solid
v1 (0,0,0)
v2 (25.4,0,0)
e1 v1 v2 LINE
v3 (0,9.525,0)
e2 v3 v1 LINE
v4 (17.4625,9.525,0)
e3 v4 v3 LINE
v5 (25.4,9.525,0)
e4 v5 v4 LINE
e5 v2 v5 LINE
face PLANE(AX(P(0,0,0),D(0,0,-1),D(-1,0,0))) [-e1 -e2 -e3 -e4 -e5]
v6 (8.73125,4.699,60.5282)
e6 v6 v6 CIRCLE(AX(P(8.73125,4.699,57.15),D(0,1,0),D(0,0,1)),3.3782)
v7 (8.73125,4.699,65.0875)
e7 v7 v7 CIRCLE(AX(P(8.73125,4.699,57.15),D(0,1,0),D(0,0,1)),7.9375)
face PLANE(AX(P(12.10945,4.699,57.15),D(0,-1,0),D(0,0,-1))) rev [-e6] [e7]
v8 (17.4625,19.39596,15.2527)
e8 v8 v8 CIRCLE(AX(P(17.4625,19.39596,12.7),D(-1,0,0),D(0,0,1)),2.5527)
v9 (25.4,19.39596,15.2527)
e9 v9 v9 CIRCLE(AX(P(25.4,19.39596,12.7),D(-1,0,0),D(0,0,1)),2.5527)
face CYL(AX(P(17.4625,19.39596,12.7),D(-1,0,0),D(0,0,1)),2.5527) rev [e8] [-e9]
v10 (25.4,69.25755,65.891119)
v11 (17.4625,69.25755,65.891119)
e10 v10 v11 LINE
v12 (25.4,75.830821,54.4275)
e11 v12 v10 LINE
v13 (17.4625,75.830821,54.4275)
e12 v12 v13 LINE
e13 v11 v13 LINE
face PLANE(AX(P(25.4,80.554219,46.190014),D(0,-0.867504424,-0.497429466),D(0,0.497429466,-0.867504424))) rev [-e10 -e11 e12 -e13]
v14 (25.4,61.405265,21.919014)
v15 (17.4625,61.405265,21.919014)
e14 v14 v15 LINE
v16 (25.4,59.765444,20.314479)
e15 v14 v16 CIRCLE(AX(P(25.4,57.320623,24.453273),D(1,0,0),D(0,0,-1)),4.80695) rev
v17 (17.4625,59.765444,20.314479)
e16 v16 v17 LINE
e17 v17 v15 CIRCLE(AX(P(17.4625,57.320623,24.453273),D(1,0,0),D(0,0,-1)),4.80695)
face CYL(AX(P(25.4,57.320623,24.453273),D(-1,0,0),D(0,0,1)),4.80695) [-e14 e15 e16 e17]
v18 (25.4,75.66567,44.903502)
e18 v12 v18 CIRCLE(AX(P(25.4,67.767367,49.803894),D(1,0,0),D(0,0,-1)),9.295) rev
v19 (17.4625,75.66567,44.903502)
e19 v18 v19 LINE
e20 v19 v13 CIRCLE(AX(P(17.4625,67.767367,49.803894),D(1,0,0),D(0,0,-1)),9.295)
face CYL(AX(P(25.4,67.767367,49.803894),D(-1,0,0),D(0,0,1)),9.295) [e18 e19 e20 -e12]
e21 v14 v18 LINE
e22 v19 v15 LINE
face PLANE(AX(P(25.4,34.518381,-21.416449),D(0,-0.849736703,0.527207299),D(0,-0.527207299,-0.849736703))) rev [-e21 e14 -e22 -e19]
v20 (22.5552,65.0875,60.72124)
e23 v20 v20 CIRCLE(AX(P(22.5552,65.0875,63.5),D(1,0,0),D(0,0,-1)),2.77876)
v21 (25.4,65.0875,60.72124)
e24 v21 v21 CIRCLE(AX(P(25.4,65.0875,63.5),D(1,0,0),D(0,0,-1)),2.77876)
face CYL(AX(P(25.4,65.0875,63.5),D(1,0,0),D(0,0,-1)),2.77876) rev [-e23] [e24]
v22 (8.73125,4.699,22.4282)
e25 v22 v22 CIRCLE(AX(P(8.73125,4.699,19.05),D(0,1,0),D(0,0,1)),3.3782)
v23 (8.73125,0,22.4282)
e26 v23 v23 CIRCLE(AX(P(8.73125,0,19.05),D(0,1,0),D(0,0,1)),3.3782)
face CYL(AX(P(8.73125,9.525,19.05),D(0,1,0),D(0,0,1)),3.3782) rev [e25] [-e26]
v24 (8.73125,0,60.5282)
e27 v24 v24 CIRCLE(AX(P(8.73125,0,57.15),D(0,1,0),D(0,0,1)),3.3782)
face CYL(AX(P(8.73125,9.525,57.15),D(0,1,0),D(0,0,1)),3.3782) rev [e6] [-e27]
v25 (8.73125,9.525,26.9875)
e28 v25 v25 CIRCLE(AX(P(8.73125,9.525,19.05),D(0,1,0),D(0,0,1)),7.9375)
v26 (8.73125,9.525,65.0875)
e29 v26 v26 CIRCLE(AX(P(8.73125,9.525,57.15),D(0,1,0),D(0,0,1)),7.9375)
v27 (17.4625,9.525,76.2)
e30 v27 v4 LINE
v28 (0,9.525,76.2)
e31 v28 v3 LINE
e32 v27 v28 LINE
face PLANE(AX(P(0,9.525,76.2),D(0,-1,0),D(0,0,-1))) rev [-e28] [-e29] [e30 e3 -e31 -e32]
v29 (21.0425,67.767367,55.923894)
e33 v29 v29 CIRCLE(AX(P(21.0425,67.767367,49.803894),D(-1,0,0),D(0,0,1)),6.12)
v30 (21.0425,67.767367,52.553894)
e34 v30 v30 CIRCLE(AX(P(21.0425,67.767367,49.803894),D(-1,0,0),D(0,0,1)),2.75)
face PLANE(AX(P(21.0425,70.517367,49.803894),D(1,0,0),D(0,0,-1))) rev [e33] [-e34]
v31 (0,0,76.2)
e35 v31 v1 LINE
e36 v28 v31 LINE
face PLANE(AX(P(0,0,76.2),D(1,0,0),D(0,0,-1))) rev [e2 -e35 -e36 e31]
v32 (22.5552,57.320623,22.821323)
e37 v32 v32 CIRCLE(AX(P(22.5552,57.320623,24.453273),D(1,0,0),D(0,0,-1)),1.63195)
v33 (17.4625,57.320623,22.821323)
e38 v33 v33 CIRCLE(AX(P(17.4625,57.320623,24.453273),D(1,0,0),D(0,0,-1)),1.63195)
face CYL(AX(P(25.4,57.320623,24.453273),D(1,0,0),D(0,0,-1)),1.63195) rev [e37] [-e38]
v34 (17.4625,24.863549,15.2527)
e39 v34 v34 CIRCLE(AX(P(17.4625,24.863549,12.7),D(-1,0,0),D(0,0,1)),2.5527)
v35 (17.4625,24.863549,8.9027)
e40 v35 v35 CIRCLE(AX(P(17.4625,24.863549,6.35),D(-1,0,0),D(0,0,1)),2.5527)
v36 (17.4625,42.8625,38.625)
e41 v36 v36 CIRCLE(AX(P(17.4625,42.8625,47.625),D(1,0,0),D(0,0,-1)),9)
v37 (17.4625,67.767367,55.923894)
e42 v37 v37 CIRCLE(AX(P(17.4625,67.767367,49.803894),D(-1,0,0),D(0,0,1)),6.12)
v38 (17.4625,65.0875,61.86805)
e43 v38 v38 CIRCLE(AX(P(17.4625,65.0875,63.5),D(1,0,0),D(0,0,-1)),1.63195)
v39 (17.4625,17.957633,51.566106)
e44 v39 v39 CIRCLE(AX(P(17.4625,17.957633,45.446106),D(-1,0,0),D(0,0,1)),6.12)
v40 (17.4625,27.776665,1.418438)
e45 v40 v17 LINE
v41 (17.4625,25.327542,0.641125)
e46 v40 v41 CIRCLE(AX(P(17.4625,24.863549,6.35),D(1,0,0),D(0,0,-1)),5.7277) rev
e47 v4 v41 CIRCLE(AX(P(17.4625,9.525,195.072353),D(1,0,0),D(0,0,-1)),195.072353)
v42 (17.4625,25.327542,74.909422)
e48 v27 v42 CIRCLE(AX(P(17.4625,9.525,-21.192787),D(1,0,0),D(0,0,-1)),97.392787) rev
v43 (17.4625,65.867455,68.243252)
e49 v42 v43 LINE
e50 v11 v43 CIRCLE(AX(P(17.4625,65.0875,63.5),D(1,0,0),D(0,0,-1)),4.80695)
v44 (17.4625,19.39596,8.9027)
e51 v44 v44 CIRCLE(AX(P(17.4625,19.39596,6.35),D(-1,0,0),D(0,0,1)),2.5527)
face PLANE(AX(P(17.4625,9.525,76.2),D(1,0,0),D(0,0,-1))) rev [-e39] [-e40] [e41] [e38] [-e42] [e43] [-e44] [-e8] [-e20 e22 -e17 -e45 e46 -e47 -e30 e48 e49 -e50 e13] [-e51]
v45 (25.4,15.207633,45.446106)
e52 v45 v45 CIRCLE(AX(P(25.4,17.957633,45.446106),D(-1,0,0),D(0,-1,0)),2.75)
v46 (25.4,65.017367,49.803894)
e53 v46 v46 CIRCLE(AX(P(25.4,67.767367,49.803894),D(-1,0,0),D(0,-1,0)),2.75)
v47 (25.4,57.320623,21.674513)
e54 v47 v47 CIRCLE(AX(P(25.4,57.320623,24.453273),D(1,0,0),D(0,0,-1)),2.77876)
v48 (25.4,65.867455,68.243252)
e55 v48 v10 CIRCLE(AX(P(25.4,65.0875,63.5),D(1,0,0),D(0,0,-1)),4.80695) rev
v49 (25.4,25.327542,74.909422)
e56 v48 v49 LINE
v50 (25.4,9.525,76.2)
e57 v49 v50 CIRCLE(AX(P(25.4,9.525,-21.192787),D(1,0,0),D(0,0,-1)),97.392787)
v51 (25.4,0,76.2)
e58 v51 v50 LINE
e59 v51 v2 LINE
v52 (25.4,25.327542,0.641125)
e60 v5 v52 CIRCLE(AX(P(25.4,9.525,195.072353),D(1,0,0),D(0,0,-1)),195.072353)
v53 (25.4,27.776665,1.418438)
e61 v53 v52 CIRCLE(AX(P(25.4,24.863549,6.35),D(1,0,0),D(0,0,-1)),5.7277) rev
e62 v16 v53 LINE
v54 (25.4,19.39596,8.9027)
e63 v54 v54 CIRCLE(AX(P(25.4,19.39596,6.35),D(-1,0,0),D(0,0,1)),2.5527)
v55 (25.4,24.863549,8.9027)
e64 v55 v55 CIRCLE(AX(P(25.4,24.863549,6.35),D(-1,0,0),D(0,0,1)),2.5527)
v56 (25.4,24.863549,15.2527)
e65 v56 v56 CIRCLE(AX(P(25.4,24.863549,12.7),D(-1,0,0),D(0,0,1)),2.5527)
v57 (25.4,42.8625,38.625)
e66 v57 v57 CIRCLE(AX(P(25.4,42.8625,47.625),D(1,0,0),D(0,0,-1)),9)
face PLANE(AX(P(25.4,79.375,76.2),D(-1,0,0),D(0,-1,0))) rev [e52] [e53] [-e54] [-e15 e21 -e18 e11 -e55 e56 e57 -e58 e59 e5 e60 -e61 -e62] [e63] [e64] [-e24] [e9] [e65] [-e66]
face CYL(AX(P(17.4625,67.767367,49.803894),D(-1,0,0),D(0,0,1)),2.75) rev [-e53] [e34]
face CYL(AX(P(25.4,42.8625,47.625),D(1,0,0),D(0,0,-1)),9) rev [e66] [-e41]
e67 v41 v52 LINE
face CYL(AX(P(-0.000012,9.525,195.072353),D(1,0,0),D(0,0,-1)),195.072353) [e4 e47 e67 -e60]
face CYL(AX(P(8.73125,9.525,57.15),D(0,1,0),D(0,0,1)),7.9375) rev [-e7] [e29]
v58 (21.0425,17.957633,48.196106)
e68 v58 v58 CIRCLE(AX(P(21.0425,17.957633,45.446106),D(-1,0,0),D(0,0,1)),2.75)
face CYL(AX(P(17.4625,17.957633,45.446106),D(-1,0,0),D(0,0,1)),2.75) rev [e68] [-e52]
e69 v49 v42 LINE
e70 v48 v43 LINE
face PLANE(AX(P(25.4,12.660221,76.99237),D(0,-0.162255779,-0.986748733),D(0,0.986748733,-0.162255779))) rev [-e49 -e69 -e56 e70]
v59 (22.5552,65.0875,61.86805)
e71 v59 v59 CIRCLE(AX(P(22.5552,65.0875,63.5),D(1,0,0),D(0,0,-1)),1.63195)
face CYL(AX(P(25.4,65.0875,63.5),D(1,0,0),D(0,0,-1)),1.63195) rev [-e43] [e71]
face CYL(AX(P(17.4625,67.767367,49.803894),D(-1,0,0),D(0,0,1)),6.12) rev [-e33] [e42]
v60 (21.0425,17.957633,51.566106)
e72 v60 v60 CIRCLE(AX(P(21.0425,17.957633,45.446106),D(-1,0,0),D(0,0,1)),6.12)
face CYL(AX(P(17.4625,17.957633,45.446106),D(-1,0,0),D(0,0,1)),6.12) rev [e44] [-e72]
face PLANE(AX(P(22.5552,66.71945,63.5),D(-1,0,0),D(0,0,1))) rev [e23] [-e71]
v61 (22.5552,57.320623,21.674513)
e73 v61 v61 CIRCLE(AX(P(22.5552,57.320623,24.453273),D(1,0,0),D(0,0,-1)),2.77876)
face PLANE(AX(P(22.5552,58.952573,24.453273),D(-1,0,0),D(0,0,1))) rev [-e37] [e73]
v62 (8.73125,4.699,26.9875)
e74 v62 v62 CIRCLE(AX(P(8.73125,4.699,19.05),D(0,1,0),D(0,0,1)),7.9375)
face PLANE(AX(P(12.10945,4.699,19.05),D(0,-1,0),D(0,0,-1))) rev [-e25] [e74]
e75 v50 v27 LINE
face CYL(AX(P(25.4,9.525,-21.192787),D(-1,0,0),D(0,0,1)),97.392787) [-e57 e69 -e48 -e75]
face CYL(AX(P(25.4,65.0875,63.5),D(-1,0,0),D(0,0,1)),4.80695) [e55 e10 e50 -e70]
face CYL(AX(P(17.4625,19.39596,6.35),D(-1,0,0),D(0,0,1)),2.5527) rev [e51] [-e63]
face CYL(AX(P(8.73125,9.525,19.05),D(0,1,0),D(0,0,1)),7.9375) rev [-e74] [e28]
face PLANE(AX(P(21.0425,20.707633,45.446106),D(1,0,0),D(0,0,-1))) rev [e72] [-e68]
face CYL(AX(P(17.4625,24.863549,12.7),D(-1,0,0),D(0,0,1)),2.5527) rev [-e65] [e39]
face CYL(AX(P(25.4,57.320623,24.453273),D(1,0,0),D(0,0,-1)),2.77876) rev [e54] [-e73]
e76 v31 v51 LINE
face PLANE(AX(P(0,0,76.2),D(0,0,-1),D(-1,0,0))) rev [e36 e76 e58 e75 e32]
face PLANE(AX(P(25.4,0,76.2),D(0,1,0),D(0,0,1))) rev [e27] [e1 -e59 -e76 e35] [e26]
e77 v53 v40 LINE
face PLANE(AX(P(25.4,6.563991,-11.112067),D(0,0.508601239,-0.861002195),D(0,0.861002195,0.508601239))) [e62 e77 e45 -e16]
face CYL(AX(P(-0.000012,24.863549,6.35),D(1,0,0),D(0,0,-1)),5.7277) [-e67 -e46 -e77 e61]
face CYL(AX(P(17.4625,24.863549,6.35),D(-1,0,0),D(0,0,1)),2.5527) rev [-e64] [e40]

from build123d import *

# Parameters (mm, degrees)
BOSS_EXTRUDE1_DEPTH                            = 76.2
F_18_0MM_DIAMETER_HOLE1_D                      = 18
CBORE_FOR_M5_HEX_HEAD_BOLT1_D                  = 5.5
CBORE_FOR_M5_HEX_HEAD_BOLT1_DEPTH              = 45.974
CBORE_FOR_M5_HEX_HEAD_BOLT1_CBORE_D            = 12.24
CBORE_FOR_M5_HEX_HEAD_BOLT1_CBORE_DEPTH        = 3.58
CBORE_FOR_M5_HEX_HEAD_BOLT1_TIP                = 1.652366702
CBORE_FOR_4_SOCKET_HEAD_CAP_SCREW1_D           = 3.2639
CBORE_FOR_4_SOCKET_HEAD_CAP_SCREW1_DEPTH       = 45.974
CBORE_FOR_4_SOCKET_HEAD_CAP_SCREW1_CBORE_D     = 5.55752
CBORE_FOR_4_SOCKET_HEAD_CAP_SCREW1_CBORE_DEPTH = 2.8448
CBORE_FOR_4_SOCKET_HEAD_CAP_SCREW1_TIP         = 0.980574487
F_10_CLEARANCE_HOLE1_D                         = 5.1054
CUT_EXTRUDE2_DEPTH                             = 26.4
CUT_EXTRUDE2_DEPTH_BACK                        = 1
CBORE_FOR_1_4_HEX_MACHINE_SCREW1_D             = 6.7564
CBORE_FOR_1_4_HEX_MACHINE_SCREW1_CBORE_D       = 15.875
CBORE_FOR_1_4_HEX_MACHINE_SCREW1_CBORE_DEPTH   = 4.826


with BuildPart() as part:
    # Sketch1 → Boss-Extrude1 (new body)
    with BuildSketch(Plane.XY):
        Polygon((0, 0), (0, 9.525), (17.4625, 9.525), (17.4625, 79.375), (25.4, 79.375), (25.4, 0), align=None)
    extrude(amount=BOSS_EXTRUDE1_DEPTH)

    # Ø18.0mm Diameter Hole1 (through all)
    with Locations(Plane(origin=(25.4, 0, 0), x_dir=(0, 0, -1), z_dir=(1, 0, 0))):
        with Locations((-47.625, 42.8625)):
            Hole(F_18_0MM_DIAMETER_HOLE1_D / 2)

    # CBORE for M5 Hex Head Bolt1
    with Locations(Plane.ZY.offset(-17.4625)):
        with Locations((49.803893572, 67.76736749), (45.446106428, 17.95763251)):
            CounterBoreHole(CBORE_FOR_M5_HEX_HEAD_BOLT1_D / 2, CBORE_FOR_M5_HEX_HEAD_BOLT1_CBORE_D / 2, CBORE_FOR_M5_HEX_HEAD_BOLT1_CBORE_DEPTH, depth=CBORE_FOR_M5_HEX_HEAD_BOLT1_DEPTH)
            with Locations((0, 0, -(CBORE_FOR_M5_HEX_HEAD_BOLT1_DEPTH + CBORE_FOR_M5_HEX_HEAD_BOLT1_TIP / 2))):  # 118° drill point
                Cone(0, CBORE_FOR_M5_HEX_HEAD_BOLT1_D / 2, CBORE_FOR_M5_HEX_HEAD_BOLT1_TIP, mode=Mode.SUBTRACT)

    # CBORE for #4 Socket Head Cap Screw1
    with Locations(Plane(origin=(25.4, 0, 0), x_dir=(0, 0, -1), z_dir=(1, 0, 0))):
        with Locations((-24.453273137, 57.320623121), (-63.5, 65.0875)):
            CounterBoreHole(CBORE_FOR_4_SOCKET_HEAD_CAP_SCREW1_D / 2, CBORE_FOR_4_SOCKET_HEAD_CAP_SCREW1_CBORE_D / 2, CBORE_FOR_4_SOCKET_HEAD_CAP_SCREW1_CBORE_DEPTH, depth=CBORE_FOR_4_SOCKET_HEAD_CAP_SCREW1_DEPTH)
            with Locations((0, 0, -(CBORE_FOR_4_SOCKET_HEAD_CAP_SCREW1_DEPTH + CBORE_FOR_4_SOCKET_HEAD_CAP_SCREW1_TIP / 2))):  # 118° drill point
                Cone(0, CBORE_FOR_4_SOCKET_HEAD_CAP_SCREW1_D / 2, CBORE_FOR_4_SOCKET_HEAD_CAP_SCREW1_TIP, mode=Mode.SUBTRACT)

    # #10 Clearance Hole1 (through all)
    with Locations(Plane.ZY.offset(-17.4625)):
        with Locations((6.35, 24.863549414), (12.7, 24.863549414), (6.35, 19.395959874), (12.7, 19.395959874)):
            Hole(F_10_CLEARANCE_HOLE1_D / 2)

    # Sketch10 → Cut-Extrude2 (cut, two sides)
    with BuildSketch(Plane(origin=(0, 0, 0), x_dir=(0, 0, -1), z_dir=(1, 0, 0))) as cut_extrude2_sk:
        with BuildLine():
            ThreePointArc((-74.909422182, 25.327542498), (-75.876819337, 17.452577507), (-76.2, 9.525))
            Line((-76.2, 9.525), (-76.2, 79.375))
            Line((-76.2, 79.375), (0, 79.375))
            Line((0, 79.375), (0, 9.525))
            ThreePointArc((0, 9.525), (-0.160347065, 17.432771339), (-0.641124655, 25.327542498))
            ThreePointArc((-0.641124655, 25.327542498), (-0.890670545, 26.596255157), (-1.418437728, 27.776664731))
            Line((-1.418437728, 27.776664731), (-20.314478636, 59.765443848))
            ThreePointArc((-20.314478636, 59.765443848), (-21.017481453, 60.682483292), (-21.919014013, 61.405264965))
            Line((-21.919014013, 61.405264965), (-44.903501732, 75.665670144))
            ThreePointArc((-44.903501732, 75.665670144), (-49.642737782, 77.060970334), (-54.427500457, 75.830821116))
            Line((-54.427500457, 75.830821116), (-65.891118571, 69.257550393))
            ThreePointArc((-65.891118571, 69.257550393), (-67.449429859, 67.827713877), (-68.243251822, 65.867455417))
            Line((-68.243251822, 65.867455417), (-74.909422182, 25.327542498))
        make_face()
    extrude(amount=CUT_EXTRUDE2_DEPTH, mode=Mode.SUBTRACT)
    extrude(cut_extrude2_sk.sketch, amount=-CUT_EXTRUDE2_DEPTH_BACK, mode=Mode.SUBTRACT)

    # CBORE for 1/4 Hex Machine Screw1 (through all)
    with Locations(Plane(origin=(0, 9.525, 0), x_dir=(1, 0, 0), z_dir=(0, 1, 0))):
        with Locations((8.73125, -19.05), (8.73125, -57.15)):
            CounterBoreHole(CBORE_FOR_1_4_HEX_MACHINE_SCREW1_D / 2, CBORE_FOR_1_4_HEX_MACHINE_SCREW1_CBORE_D / 2, CBORE_FOR_1_4_HEX_MACHINE_SCREW1_CBORE_DEPTH)


solid = part.part
